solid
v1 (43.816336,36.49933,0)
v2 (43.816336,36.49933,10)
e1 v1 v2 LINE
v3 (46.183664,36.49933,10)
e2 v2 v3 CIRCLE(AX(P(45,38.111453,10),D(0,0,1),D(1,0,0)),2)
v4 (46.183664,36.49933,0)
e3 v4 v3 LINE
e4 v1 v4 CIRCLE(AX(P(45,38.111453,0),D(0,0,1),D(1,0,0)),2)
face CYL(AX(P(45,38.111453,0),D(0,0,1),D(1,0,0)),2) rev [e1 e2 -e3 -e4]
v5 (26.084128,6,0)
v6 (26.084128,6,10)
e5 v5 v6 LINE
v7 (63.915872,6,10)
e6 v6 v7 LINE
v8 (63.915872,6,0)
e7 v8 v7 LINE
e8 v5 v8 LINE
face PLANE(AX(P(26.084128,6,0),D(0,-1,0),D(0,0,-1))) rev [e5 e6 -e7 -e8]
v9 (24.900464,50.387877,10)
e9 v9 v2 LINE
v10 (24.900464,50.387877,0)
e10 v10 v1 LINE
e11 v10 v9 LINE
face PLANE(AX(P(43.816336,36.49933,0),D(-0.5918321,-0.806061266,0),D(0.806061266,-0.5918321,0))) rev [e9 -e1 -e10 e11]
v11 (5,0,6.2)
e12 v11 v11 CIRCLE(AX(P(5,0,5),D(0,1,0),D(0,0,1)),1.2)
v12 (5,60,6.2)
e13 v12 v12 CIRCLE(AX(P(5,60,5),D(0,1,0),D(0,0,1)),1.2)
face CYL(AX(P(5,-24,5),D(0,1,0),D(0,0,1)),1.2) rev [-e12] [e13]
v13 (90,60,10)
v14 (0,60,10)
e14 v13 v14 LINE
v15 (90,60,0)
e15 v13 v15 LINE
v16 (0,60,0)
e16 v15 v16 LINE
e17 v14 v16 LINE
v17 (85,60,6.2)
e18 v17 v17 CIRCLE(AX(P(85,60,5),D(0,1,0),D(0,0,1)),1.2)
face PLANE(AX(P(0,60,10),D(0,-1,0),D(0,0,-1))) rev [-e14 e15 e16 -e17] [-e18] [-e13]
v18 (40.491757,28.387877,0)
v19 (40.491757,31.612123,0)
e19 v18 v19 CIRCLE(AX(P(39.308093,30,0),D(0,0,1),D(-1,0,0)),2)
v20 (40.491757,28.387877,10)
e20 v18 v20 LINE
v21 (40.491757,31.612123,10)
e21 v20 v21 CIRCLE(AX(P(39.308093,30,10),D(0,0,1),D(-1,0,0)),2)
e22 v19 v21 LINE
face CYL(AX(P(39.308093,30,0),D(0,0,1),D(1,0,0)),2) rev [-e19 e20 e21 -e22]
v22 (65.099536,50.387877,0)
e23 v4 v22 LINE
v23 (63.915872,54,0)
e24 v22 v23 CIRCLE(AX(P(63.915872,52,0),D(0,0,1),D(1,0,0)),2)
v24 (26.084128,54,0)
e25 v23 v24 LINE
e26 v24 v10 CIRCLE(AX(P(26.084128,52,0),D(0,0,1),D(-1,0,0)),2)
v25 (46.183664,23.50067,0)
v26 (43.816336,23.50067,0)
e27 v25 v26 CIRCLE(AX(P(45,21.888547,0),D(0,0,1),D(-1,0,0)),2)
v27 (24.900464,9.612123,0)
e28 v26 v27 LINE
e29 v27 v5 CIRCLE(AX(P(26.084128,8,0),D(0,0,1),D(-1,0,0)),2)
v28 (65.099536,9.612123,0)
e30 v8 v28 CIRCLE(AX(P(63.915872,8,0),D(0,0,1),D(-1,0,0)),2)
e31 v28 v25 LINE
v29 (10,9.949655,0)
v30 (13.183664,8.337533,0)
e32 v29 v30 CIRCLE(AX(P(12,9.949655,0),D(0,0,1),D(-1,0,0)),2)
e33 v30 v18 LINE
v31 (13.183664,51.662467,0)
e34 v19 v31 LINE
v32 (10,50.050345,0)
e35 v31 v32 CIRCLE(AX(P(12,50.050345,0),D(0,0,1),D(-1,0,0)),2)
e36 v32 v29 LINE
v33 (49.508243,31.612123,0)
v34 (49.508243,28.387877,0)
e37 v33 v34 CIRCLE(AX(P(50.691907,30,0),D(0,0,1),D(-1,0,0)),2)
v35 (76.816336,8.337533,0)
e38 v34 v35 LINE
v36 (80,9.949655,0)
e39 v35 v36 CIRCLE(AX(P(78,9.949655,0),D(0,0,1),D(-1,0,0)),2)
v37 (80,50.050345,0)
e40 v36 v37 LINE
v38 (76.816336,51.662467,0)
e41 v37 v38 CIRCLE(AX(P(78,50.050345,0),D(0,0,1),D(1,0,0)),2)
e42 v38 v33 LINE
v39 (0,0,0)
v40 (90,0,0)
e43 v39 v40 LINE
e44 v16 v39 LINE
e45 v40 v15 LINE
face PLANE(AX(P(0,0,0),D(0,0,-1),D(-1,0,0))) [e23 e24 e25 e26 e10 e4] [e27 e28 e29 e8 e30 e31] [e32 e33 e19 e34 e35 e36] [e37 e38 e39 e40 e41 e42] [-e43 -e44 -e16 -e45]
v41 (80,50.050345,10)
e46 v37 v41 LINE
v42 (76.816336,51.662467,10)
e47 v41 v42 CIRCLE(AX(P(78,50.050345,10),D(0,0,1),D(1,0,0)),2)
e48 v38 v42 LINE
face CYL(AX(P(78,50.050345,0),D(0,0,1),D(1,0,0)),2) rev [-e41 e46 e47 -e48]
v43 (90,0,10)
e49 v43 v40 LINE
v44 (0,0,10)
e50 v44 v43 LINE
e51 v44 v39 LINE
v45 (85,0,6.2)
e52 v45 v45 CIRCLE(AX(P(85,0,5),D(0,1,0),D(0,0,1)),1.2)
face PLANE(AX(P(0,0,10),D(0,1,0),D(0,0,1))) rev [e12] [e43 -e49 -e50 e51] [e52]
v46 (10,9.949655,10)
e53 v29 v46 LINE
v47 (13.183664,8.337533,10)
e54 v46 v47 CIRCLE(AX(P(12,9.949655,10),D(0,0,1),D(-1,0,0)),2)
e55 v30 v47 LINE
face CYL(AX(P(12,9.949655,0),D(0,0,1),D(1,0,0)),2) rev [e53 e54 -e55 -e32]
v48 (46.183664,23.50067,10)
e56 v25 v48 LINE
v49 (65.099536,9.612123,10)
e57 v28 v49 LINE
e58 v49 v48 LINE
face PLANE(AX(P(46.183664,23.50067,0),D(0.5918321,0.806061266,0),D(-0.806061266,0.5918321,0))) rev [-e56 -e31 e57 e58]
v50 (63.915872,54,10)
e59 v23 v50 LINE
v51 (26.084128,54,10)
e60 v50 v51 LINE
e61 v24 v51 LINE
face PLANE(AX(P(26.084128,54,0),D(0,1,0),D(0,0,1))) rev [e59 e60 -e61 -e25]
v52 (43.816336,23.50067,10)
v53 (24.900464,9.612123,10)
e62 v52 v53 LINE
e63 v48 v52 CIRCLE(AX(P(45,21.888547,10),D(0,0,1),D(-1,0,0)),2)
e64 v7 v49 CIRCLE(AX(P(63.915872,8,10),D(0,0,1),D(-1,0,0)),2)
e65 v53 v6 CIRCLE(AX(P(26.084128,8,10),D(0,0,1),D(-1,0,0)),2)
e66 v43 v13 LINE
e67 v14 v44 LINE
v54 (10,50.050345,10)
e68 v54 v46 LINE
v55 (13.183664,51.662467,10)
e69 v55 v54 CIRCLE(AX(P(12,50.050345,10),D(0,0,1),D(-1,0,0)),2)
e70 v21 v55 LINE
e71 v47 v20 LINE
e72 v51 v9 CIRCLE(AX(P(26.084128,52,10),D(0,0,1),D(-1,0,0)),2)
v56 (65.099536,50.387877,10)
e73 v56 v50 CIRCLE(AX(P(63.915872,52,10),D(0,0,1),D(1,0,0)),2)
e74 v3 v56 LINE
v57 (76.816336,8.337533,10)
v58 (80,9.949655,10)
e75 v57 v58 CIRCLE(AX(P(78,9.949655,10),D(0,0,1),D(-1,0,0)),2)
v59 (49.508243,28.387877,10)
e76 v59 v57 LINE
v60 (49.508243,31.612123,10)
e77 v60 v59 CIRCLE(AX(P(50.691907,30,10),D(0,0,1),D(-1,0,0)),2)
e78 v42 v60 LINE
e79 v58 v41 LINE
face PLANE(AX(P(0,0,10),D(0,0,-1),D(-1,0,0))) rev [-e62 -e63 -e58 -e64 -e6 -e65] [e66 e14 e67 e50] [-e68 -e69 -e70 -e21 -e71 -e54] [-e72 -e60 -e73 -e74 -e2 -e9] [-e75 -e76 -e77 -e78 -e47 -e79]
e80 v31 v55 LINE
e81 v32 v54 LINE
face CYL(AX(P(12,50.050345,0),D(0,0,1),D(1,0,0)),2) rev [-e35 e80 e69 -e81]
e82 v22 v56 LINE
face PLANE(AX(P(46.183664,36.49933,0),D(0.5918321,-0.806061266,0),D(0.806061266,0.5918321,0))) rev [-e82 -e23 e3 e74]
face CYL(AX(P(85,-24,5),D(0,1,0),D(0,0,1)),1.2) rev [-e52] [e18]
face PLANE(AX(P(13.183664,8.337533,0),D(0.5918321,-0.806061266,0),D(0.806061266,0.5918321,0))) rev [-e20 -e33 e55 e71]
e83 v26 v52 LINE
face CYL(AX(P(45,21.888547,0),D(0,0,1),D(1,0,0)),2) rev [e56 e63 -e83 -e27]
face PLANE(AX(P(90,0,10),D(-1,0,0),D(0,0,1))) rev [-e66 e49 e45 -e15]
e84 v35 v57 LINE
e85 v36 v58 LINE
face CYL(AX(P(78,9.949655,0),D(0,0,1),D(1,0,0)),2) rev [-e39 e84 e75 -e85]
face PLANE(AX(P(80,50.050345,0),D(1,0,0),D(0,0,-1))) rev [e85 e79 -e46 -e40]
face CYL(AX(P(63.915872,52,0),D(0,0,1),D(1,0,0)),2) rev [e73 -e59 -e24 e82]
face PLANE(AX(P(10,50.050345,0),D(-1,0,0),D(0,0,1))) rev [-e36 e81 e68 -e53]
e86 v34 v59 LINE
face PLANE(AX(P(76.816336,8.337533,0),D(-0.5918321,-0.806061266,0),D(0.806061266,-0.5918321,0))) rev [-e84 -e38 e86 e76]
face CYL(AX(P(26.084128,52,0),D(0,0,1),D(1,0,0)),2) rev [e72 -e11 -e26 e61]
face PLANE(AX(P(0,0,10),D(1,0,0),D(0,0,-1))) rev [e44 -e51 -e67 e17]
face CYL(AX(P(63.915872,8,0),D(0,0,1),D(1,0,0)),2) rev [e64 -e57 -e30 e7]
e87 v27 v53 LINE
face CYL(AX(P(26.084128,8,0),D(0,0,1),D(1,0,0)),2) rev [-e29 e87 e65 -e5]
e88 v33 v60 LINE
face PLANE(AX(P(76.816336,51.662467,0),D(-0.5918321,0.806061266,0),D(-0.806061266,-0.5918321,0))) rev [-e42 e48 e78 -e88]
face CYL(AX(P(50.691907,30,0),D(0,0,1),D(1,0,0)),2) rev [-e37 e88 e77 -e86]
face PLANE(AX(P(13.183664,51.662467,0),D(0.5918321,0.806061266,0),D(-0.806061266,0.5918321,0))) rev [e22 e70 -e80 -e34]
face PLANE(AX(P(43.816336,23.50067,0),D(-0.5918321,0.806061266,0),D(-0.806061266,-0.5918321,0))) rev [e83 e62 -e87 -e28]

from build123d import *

# Parameters (mm, degrees)
SKIZZE1_W                       = 90
SKIZZE1_H                       = 60
AUFSATZ_LINEAR_AUSTRAGEN1_DEPTH = 10
SCHNITT_LINEAR_AUSTRAGEN1_DEPTH = 10
SKIZZE3_R                       = 1.2
SCHNITT_LINEAR_AUSTRAGEN2_DEPTH = 84


with BuildPart() as part:
    # Skizze1 → Aufsatz-Linear austragen1 (new body)
    with BuildSketch(Plane.XY):
        with Locations((45, 30)):
            Rectangle(SKIZZE1_W, SKIZZE1_H)
    extrude(amount=AUFSATZ_LINEAR_AUSTRAGEN1_DEPTH)

    # Skizze2 → Schnitt-Linear austragen1 (cut)
    with BuildSketch(Plane.XY.offset(10)):
        with BuildLine():
            Line((10, 50.05034464), (10, 9.94965536))
            ThreePointArc((10, 9.94965536), (11.096486968, 8.165372815), (13.183664201, 8.337532828))
            Line((13.183664201, 8.337532828), (40.491757454, 28.387877468))
            ThreePointArc((40.491757454, 28.387877468), (41.308093253, 30), (40.491757454, 31.612122532))
            Line((40.491757454, 31.612122532), (13.183664201, 51.662467172))
            ThreePointArc((13.183664201, 51.662467172), (11.096486968, 51.834627185), (10, 50.05034464))
        make_face()
        with BuildLine():
            Line((43.816335799, 36.499330073), (24.900464067, 50.387877468))
            ThreePointArc((24.900464067, 50.387877468), (24.183569789, 52.622798095), (26.084128268, 54))
            Line((26.084128268, 54), (63.915871732, 54))
            ThreePointArc((63.915871732, 54), (65.816430211, 52.622798095), (65.099535933, 50.387877468))
            Line((65.099535933, 50.387877468), (46.183664201, 36.499330073))
            ThreePointArc((46.183664201, 36.499330073), (45, 36.111452606), (43.816335799, 36.499330073))
        make_face()
        with BuildLine():
            Line((26.084128268, 6), (63.915871732, 6))
            ThreePointArc((63.915871732, 6), (65.816430211, 7.377201905), (65.099535933, 9.612122532))
            Line((65.099535933, 9.612122532), (46.183664201, 23.500669927))
            ThreePointArc((46.183664201, 23.500669927), (45, 23.888547394), (43.816335799, 23.500669927))
            Line((43.816335799, 23.500669927), (24.900464067, 9.612122532))
            ThreePointArc((24.900464067, 9.612122532), (24.183569789, 7.377201905), (26.084128268, 6))
        make_face()
        with BuildLine():
            Line((80, 50.05034464), (80, 9.94965536))
            ThreePointArc((80, 9.94965536), (78.903513032, 8.165372815), (76.816335799, 8.337532828))
            Line((76.816335799, 8.337532828), (49.508242546, 28.387877468))
            ThreePointArc((49.508242546, 28.387877468), (48.691906747, 30), (49.508242546, 31.612122532))
            Line((49.508242546, 31.612122532), (76.816335799, 51.662467172))
            ThreePointArc((76.816335799, 51.662467172), (78.903513032, 51.834627185), (80, 50.05034464))
        make_face()
    extrude(amount=-SCHNITT_LINEAR_AUSTRAGEN1_DEPTH, mode=Mode.SUBTRACT)

    # Skizze3 → Schnitt-Linear austragen2 (cut)
    with BuildSketch(Plane(origin=(0, 60, 0), x_dir=(1, 0, 0), z_dir=(0, 1, 0))):
        with Locations(Location((5, -5, 0), (0, 0, 270))):
            Circle(SKIZZE3_R)
        with Locations(Location((85, -5, 0), (0, 0, 270))):
            Circle(SKIZZE3_R)
    extrude(amount=-SCHNITT_LINEAR_AUSTRAGEN2_DEPTH, mode=Mode.SUBTRACT)


solid = part.part
